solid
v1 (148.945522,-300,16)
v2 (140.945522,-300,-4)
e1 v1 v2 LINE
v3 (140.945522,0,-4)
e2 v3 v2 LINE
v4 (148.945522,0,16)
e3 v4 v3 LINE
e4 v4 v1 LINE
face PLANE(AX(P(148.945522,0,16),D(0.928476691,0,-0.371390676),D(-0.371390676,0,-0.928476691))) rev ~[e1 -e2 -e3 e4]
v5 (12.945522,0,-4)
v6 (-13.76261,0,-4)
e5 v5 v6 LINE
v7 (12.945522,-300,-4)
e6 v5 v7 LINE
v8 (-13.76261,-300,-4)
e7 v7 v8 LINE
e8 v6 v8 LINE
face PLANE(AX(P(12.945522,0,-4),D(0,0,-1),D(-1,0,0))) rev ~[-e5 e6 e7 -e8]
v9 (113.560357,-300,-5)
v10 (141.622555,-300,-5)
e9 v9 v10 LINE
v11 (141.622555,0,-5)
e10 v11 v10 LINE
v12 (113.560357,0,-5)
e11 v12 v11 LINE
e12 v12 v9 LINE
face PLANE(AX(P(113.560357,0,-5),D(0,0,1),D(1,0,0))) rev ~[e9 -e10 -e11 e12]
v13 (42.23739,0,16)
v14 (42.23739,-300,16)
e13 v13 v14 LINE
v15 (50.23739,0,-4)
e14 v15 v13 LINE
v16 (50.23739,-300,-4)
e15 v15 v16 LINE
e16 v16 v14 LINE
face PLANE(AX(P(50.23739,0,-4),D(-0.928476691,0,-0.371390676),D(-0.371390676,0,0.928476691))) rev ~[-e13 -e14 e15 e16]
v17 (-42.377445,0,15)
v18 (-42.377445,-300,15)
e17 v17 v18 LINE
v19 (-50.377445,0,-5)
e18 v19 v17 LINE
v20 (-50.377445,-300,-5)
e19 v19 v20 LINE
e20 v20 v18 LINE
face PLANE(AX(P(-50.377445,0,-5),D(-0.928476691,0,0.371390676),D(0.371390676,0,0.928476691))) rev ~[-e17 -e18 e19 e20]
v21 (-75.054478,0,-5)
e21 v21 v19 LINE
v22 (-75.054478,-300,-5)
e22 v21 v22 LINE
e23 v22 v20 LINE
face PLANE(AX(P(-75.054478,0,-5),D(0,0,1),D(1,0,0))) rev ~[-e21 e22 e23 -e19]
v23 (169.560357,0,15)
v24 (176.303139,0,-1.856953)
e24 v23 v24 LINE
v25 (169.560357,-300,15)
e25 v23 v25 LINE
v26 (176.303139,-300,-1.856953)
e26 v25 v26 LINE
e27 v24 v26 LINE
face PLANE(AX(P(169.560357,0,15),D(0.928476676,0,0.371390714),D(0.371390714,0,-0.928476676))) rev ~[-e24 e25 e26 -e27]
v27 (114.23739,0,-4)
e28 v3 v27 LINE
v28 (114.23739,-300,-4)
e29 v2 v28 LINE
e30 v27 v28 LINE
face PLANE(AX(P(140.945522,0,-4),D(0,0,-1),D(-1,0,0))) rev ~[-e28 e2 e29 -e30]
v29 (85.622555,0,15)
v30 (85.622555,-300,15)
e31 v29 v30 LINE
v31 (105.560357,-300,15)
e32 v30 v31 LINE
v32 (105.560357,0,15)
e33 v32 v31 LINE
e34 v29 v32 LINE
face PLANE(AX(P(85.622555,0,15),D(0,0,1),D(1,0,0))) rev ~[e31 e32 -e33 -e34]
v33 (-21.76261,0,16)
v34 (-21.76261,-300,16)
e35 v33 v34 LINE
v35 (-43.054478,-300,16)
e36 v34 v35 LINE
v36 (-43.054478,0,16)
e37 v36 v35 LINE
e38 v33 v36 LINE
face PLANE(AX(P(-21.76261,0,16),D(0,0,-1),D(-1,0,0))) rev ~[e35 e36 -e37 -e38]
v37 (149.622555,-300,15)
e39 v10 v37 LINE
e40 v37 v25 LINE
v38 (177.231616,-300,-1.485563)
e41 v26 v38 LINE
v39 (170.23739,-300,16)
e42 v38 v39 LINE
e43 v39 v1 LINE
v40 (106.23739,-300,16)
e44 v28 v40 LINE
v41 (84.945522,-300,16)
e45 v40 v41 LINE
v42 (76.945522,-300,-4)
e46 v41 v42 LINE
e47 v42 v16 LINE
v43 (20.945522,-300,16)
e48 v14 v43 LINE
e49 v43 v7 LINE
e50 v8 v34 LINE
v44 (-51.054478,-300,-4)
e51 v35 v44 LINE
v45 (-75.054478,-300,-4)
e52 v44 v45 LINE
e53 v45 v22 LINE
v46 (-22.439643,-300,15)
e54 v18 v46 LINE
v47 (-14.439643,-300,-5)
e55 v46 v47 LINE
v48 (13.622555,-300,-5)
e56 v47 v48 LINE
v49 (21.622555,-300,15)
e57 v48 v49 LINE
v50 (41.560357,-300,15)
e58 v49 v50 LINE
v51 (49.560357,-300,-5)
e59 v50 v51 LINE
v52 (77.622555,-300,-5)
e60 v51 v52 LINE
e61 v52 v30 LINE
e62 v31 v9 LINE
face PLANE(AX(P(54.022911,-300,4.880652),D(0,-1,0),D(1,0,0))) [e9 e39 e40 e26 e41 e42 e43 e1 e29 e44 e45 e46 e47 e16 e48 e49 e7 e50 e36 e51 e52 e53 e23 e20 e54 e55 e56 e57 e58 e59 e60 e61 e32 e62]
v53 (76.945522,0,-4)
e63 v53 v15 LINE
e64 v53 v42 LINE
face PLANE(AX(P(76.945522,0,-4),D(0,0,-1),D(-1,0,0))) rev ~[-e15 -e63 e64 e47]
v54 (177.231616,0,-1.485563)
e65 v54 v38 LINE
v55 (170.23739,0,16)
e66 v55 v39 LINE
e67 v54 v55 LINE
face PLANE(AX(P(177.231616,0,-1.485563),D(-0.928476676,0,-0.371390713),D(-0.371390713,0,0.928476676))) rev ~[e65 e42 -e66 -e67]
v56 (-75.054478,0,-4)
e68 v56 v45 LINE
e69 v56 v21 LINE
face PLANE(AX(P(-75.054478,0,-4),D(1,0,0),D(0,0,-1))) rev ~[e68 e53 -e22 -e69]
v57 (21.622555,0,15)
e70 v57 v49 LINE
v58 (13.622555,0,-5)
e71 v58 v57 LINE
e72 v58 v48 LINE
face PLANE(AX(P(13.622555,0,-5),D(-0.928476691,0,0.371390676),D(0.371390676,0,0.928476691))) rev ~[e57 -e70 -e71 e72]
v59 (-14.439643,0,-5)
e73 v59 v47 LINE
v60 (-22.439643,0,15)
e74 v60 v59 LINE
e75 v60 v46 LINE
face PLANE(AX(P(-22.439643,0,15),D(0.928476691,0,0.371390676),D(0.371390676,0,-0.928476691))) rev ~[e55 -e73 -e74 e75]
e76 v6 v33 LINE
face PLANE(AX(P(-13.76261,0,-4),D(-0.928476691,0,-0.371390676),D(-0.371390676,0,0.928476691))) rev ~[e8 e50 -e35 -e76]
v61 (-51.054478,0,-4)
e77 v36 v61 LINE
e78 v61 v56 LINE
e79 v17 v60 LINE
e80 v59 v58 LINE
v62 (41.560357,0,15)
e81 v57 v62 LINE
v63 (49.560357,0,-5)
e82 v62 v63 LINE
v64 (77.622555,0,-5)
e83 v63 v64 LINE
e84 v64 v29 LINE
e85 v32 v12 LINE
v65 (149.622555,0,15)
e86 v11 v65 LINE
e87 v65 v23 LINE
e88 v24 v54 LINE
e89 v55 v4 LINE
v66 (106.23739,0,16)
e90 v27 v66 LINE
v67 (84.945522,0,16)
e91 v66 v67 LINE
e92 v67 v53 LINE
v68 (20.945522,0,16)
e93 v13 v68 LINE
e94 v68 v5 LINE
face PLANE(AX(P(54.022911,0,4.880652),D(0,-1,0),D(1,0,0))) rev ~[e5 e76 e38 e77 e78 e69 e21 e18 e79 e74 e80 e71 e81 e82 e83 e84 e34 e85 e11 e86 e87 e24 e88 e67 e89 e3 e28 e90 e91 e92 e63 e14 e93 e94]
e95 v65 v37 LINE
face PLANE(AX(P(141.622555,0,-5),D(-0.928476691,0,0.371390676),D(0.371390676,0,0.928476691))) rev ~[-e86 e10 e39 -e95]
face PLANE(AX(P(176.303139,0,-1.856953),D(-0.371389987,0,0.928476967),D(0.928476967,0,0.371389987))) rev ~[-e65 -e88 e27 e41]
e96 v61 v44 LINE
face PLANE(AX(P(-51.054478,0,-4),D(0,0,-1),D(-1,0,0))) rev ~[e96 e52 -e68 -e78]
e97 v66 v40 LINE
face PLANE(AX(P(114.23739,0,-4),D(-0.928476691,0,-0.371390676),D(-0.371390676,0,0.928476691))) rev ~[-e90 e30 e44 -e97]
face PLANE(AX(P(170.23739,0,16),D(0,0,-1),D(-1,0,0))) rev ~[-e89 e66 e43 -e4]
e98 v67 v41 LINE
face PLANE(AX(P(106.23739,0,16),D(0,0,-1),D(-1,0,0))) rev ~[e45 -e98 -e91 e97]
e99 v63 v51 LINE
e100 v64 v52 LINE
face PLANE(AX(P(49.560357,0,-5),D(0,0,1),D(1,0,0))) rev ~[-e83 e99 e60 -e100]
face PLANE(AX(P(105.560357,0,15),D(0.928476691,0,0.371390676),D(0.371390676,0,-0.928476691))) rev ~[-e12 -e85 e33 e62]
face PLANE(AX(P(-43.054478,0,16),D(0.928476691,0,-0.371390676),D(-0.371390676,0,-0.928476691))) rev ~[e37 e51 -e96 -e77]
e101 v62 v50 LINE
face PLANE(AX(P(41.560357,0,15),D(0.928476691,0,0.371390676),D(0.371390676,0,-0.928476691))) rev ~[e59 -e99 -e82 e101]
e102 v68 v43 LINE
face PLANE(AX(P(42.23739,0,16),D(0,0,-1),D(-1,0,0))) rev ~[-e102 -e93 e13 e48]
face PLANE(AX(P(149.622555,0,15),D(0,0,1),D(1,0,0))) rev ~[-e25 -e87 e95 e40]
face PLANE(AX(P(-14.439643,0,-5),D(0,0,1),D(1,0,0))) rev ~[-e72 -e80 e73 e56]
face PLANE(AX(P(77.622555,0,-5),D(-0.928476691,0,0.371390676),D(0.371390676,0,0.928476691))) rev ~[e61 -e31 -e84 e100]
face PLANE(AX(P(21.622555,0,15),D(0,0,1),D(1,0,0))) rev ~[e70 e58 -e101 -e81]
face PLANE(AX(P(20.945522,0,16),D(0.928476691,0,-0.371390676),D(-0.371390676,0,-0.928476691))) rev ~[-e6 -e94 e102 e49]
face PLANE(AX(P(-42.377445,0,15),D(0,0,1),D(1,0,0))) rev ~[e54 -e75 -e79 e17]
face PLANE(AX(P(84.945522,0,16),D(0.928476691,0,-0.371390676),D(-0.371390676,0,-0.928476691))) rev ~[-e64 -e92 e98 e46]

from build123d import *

# Parameters (mm, degrees)
F1_DEPTH = 300


with BuildPart() as f1:
    # F0 (on Front) → F1 (new body)
    with BuildSketch(Plane.XZ):
        Polygon((-51.054478, -4), (-75.054478, -4), (-75.054478, -5), (-50.377445, -5), (-42.377445, 15), (-22.439643, 15), (-14.439643, -5), (13.622555, -5), (21.622555, 15), (41.560357, 15), (49.560357, -5), (77.622555, -5), (85.622555, 15), (105.560357, 15), (113.560357, -5), (141.622555, -5), (149.622555, 15), (169.560357, 15), (176.303139, -1.856953), (177.231616, -1.485563), (170.23739, 16), (148.945522, 16), (140.945522, -4), (114.23739, -4), (106.23739, 16), (84.945522, 16), (76.945522, -4), (50.23739, -4), (42.23739, 16), (20.945522, 16), (12.945522, -4), (-13.76261, -4), (-21.76261, 16), (-43.054478, 16), align=None)
    extrude(amount=F1_DEPTH)


solid = f1.part
